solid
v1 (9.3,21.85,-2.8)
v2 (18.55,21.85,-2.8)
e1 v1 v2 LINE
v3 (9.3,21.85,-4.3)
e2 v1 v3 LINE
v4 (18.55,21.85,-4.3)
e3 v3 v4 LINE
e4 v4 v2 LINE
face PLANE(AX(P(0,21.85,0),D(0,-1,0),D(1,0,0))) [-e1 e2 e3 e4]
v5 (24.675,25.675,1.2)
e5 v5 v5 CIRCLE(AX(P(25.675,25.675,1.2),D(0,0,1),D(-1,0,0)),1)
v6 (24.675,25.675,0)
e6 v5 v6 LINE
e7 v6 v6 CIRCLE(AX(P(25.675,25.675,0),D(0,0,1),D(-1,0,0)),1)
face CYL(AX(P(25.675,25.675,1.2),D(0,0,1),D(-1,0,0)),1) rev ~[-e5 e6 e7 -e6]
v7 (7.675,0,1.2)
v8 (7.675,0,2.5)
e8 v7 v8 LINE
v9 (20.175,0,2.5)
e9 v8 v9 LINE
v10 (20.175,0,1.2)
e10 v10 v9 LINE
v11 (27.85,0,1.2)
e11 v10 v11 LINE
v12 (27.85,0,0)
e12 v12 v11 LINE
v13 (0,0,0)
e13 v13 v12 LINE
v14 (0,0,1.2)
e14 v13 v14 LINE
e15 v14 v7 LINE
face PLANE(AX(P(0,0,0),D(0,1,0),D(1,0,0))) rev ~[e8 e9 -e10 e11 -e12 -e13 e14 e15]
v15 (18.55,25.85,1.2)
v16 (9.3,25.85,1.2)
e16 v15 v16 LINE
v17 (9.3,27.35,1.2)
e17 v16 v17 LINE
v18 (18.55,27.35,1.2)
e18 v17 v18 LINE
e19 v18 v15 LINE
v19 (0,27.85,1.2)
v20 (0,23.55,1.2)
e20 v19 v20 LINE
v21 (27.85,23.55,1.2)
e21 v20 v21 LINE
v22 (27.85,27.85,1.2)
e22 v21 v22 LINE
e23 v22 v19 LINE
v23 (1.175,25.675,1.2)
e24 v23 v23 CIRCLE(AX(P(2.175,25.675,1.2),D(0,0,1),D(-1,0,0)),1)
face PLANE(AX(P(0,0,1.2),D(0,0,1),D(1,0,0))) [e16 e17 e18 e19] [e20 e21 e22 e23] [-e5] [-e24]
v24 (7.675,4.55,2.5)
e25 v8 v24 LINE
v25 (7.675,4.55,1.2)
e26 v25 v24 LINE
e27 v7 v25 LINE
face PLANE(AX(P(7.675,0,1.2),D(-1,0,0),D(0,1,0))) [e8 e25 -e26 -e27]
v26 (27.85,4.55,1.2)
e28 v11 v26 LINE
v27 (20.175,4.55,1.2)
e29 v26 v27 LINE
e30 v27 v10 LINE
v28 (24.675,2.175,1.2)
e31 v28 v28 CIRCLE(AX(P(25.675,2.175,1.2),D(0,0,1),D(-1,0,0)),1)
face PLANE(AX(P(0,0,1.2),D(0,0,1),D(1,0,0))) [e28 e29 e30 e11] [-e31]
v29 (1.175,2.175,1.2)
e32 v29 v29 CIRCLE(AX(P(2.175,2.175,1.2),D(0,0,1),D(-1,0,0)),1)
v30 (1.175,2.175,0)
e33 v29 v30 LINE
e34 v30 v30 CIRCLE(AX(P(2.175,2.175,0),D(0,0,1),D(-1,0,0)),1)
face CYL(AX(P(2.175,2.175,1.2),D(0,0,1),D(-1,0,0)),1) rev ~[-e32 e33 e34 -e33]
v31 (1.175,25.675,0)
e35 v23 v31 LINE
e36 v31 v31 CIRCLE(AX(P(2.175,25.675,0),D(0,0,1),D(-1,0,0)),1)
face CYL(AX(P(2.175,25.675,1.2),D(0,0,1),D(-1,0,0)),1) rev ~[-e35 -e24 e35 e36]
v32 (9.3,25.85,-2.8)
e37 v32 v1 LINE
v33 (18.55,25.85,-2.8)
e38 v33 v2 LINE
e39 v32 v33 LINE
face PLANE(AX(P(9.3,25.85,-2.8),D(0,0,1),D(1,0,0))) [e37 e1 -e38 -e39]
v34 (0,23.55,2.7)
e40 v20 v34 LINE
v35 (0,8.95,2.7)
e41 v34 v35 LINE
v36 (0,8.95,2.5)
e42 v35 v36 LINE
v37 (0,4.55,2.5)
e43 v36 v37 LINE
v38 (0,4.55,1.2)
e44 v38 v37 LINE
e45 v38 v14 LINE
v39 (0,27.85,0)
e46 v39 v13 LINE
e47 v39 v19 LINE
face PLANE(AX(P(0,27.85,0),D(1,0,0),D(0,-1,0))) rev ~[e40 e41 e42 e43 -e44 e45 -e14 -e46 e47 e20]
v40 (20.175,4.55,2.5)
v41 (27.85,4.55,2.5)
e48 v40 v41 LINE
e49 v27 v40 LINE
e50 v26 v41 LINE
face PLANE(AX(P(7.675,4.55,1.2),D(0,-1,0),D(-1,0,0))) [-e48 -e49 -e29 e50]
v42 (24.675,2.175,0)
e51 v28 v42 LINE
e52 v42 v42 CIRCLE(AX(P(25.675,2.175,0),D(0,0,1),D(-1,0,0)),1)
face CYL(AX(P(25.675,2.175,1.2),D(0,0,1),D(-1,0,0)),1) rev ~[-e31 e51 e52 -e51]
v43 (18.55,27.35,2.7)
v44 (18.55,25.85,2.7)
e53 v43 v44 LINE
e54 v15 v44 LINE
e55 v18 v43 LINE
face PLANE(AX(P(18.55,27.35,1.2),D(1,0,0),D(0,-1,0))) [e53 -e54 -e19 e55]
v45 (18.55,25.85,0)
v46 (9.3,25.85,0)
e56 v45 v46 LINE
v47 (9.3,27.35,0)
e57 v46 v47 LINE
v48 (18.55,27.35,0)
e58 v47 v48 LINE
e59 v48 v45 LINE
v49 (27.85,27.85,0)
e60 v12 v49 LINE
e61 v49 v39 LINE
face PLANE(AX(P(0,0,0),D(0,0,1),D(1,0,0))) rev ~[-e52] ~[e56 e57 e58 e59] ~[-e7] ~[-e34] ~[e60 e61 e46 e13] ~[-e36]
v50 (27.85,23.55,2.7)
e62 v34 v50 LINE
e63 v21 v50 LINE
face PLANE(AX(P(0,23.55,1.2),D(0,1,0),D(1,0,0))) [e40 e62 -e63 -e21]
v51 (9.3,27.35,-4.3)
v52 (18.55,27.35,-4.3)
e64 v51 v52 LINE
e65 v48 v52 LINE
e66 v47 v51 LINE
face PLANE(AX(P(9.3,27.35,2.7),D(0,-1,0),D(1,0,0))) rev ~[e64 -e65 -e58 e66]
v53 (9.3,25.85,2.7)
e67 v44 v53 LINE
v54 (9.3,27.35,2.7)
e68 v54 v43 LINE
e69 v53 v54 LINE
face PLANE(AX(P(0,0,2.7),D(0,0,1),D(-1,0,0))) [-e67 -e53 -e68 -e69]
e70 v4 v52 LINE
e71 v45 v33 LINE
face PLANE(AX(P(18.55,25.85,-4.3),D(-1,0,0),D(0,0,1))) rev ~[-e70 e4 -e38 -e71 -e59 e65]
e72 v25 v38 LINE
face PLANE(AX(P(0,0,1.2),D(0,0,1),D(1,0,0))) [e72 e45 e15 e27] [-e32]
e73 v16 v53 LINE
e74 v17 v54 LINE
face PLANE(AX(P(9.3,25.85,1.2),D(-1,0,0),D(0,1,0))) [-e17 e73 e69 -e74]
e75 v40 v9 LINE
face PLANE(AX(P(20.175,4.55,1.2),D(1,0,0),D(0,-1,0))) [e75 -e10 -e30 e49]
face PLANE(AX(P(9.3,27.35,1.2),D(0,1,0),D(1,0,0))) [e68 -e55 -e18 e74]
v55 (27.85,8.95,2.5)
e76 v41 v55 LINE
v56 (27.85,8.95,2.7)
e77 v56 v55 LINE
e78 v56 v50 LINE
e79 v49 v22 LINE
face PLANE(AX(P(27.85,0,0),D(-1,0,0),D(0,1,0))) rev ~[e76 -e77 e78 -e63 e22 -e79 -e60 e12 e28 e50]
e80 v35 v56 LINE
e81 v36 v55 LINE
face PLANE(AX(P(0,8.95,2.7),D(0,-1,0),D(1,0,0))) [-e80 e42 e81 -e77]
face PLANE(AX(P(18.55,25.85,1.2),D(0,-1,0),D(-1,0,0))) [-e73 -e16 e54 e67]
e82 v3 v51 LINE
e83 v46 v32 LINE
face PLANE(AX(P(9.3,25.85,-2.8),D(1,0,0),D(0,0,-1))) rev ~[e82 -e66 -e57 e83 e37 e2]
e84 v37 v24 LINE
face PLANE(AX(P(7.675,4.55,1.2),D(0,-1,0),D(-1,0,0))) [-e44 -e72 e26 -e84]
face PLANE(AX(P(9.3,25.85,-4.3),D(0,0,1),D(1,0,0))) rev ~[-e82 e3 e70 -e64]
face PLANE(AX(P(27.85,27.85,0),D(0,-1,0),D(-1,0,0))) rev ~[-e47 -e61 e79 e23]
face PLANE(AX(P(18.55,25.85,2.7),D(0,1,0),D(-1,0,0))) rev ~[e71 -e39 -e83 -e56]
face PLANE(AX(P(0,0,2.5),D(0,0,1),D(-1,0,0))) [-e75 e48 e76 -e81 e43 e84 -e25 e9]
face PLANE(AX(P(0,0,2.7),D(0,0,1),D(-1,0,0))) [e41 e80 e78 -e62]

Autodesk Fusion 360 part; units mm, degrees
sketch "Sketch1" plane through (0, 0, 0) normal (0, 0, 1) x (1, 0, 0)
  line L0 (0, 0) -> (27.85, 0)
  line L1 (27.85, 0) -> (27.85, 27.85)
  line L2 (27.85, 27.85) -> (0, 27.85)
  line L3 (0, 27.85) -> (0, 0)
  dimension "d1" = 27.85
  dimension "d2" = 27.85
extrude "Extrude1" add sketch "Sketch1" along normal blind 1.2
sketch "Sketch2" plane through (0, 0, 1.2) normal (0, 0, 1) x (-1, 0, 0)
  line L0 (0, -27.85) -> (0, 0)
  line L1 (0, 0) -> (-27.85, 0)
  line L2 (-27.85, 0) -> (-27.85, -27.85)
  line L3 (-27.85, -27.85) -> (0, -27.85)
  circle A0 centre (-2.175, -25.675) radius 1
  circle A1 centre (-2.175, -2.175) radius 1
  circle A2 centre (-25.675, -25.675) radius 1
  circle A3 centre (-25.675, -2.175) radius 1
  line L4 (0, -24.675) -> (-27.85, -24.675) construction
  line L5 (0, -3.175) -> (-27.85, -3.175) construction
  line L6 (-24.675, 0) -> (-24.675, -27.85) construction
  line L7 (-3.175, 0) -> (-3.175, -27.85) construction
  line L8 (-24.675, -13.925) -> (-27.85, -13.925) construction
  line L9 (-3.175, -13.925) -> (0, -13.925) construction
  line L10 (-13.925, -24.675) -> (-13.925, -27.85) construction
  line L11 (-13.925, -3.175) -> (-13.925, 0) construction
  dimension "d5" = 2
  dimension "d6" = 21.5
  dimension "d7" = 21.5
extrude "Extrude2" cut sketch "Sketch2" against normal through all contours A0 | A1 | A2 | A3
sketch "Sketch3" plane through (0, 0, 1.2) normal (0, 0, 1) x (-1, 0, 0)
  circle A0 centre (-25.675, -2.175) radius 1
  circle A1 centre (-25.675, -25.675) radius 1
  circle A2 centre (-2.175, -2.175) radius 1
  circle A3 centre (-2.175, -25.675) radius 1
  line L0 (0, -27.85) -> (0, 0)
  line L1 (0, 0) -> (-27.85, 0)
  line L2 (-27.85, 0) -> (-27.85, -27.85)
  line L3 (-27.85, -27.85) -> (0, -27.85)
  line L4 (0, -23.55) -> (-27.85, -23.55)
  line L5 (-27.85, -23.55) -> (-27.85, -4.55)
  line L6 (-27.85, -4.55) -> (0, -4.55)
  line L7 (0, -4.55) -> (0, -23.55)
  line L8 (-7.675, -4.55) -> (-20.175, -4.55)
  line L9 (-20.175, -4.55) -> (-20.175, 0)
  line L10 (-20.175, 0) -> (-7.675, 0)
  line L11 (-7.675, 0) -> (-7.675, -4.55)
  line L12 (-13.925, 0) -> (-13.925, -4.55) construction
  dimension "d9" = 19
  dimension "d10" = 4.3
  dimension "d13" = 12.5
extrude "Extrude3" add sketch "Sketch3" along normal blind 1.5 contours L0 L2 L4 L5 L6 L7 L8
extrude "Extrude4" add sketch "Sketch3" along normal blind 1.3 contours L1 L6 L8 L9 L10 L11
sketch "Sketch4" plane through (0, 0, 1.2) normal (0, 0, 1) x (-1, 0, 0)
  line L0 (0, -23.55) -> (-27.85, -23.55)
  line L1 (-27.85, -23.55) -> (-27.85, -27.85)
  line L2 (-27.85, -27.85) -> (0, -27.85)
  line L3 (0, -27.85) -> (0, -23.55)
  circle A0 centre (-25.675, -25.675) radius 1
  circle A1 centre (-2.175, -25.675) radius 1
  line L4 (-9.3, -27.35) -> (-18.55, -27.35)
  line L5 (-18.55, -27.35) -> (-18.55, -25.85)
  line L6 (-18.55, -25.85) -> (-9.3, -25.85)
  line L7 (-9.3, -25.85) -> (-9.3, -27.35)
  line L8 (-13.925, -27.85) -> (-13.925, -27.35) construction
  dimension "d16" = 2
  dimension "d17" = 1.5
  dimension "d18" = 9.25
extrude "Extrude5" add sketch "Sketch4" along normal blind 1.5 contours L4 L5 L6 L7
extrude "Extrude6" add 1 faces at (15.4667, 26.35, 2.7) along direction (0, 0, -1) blind 7
sketch "Sketch5" plane through (0, 25.85, 0) normal (0, -1, 0) x (1, 0, 0)
  line L0 (18.55, 0) -> (9.3, 0)
  line L1 (9.3, 0) -> (9.3, -4.3)
  line L2 (9.3, -4.3) -> (18.55, -4.3)
  line L3 (18.55, -4.3) -> (18.55, 0)
  line L4 (9.3, -2.8) -> (18.55, -2.8)
  dimension "d23" = 1.5
extrude "Extrude7" add sketch "Sketch5" along normal blind 4 contours L1 L2 L3 L4
sketch "Sketch6" plane through (0, 0, 2.7) normal (0, 0, 1) x (-1, 0, 0)
  line L0 (0, -4.55) -> (-27.85, -4.55)
  line L1 (-27.85, -4.55) -> (-27.85, -23.55)
  line L2 (-27.85, -23.55) -> (0, -23.55)
  line L3 (0, -23.55) -> (0, -4.55)
  line L4 (0, -8.95) -> (-27.85, -8.95)
  dimension "d26" = 14.6
extrude "Extrude8" cut sketch "Sketch6" against normal up to surface (0.2 mm away) contours L0 L1 L3 L4
